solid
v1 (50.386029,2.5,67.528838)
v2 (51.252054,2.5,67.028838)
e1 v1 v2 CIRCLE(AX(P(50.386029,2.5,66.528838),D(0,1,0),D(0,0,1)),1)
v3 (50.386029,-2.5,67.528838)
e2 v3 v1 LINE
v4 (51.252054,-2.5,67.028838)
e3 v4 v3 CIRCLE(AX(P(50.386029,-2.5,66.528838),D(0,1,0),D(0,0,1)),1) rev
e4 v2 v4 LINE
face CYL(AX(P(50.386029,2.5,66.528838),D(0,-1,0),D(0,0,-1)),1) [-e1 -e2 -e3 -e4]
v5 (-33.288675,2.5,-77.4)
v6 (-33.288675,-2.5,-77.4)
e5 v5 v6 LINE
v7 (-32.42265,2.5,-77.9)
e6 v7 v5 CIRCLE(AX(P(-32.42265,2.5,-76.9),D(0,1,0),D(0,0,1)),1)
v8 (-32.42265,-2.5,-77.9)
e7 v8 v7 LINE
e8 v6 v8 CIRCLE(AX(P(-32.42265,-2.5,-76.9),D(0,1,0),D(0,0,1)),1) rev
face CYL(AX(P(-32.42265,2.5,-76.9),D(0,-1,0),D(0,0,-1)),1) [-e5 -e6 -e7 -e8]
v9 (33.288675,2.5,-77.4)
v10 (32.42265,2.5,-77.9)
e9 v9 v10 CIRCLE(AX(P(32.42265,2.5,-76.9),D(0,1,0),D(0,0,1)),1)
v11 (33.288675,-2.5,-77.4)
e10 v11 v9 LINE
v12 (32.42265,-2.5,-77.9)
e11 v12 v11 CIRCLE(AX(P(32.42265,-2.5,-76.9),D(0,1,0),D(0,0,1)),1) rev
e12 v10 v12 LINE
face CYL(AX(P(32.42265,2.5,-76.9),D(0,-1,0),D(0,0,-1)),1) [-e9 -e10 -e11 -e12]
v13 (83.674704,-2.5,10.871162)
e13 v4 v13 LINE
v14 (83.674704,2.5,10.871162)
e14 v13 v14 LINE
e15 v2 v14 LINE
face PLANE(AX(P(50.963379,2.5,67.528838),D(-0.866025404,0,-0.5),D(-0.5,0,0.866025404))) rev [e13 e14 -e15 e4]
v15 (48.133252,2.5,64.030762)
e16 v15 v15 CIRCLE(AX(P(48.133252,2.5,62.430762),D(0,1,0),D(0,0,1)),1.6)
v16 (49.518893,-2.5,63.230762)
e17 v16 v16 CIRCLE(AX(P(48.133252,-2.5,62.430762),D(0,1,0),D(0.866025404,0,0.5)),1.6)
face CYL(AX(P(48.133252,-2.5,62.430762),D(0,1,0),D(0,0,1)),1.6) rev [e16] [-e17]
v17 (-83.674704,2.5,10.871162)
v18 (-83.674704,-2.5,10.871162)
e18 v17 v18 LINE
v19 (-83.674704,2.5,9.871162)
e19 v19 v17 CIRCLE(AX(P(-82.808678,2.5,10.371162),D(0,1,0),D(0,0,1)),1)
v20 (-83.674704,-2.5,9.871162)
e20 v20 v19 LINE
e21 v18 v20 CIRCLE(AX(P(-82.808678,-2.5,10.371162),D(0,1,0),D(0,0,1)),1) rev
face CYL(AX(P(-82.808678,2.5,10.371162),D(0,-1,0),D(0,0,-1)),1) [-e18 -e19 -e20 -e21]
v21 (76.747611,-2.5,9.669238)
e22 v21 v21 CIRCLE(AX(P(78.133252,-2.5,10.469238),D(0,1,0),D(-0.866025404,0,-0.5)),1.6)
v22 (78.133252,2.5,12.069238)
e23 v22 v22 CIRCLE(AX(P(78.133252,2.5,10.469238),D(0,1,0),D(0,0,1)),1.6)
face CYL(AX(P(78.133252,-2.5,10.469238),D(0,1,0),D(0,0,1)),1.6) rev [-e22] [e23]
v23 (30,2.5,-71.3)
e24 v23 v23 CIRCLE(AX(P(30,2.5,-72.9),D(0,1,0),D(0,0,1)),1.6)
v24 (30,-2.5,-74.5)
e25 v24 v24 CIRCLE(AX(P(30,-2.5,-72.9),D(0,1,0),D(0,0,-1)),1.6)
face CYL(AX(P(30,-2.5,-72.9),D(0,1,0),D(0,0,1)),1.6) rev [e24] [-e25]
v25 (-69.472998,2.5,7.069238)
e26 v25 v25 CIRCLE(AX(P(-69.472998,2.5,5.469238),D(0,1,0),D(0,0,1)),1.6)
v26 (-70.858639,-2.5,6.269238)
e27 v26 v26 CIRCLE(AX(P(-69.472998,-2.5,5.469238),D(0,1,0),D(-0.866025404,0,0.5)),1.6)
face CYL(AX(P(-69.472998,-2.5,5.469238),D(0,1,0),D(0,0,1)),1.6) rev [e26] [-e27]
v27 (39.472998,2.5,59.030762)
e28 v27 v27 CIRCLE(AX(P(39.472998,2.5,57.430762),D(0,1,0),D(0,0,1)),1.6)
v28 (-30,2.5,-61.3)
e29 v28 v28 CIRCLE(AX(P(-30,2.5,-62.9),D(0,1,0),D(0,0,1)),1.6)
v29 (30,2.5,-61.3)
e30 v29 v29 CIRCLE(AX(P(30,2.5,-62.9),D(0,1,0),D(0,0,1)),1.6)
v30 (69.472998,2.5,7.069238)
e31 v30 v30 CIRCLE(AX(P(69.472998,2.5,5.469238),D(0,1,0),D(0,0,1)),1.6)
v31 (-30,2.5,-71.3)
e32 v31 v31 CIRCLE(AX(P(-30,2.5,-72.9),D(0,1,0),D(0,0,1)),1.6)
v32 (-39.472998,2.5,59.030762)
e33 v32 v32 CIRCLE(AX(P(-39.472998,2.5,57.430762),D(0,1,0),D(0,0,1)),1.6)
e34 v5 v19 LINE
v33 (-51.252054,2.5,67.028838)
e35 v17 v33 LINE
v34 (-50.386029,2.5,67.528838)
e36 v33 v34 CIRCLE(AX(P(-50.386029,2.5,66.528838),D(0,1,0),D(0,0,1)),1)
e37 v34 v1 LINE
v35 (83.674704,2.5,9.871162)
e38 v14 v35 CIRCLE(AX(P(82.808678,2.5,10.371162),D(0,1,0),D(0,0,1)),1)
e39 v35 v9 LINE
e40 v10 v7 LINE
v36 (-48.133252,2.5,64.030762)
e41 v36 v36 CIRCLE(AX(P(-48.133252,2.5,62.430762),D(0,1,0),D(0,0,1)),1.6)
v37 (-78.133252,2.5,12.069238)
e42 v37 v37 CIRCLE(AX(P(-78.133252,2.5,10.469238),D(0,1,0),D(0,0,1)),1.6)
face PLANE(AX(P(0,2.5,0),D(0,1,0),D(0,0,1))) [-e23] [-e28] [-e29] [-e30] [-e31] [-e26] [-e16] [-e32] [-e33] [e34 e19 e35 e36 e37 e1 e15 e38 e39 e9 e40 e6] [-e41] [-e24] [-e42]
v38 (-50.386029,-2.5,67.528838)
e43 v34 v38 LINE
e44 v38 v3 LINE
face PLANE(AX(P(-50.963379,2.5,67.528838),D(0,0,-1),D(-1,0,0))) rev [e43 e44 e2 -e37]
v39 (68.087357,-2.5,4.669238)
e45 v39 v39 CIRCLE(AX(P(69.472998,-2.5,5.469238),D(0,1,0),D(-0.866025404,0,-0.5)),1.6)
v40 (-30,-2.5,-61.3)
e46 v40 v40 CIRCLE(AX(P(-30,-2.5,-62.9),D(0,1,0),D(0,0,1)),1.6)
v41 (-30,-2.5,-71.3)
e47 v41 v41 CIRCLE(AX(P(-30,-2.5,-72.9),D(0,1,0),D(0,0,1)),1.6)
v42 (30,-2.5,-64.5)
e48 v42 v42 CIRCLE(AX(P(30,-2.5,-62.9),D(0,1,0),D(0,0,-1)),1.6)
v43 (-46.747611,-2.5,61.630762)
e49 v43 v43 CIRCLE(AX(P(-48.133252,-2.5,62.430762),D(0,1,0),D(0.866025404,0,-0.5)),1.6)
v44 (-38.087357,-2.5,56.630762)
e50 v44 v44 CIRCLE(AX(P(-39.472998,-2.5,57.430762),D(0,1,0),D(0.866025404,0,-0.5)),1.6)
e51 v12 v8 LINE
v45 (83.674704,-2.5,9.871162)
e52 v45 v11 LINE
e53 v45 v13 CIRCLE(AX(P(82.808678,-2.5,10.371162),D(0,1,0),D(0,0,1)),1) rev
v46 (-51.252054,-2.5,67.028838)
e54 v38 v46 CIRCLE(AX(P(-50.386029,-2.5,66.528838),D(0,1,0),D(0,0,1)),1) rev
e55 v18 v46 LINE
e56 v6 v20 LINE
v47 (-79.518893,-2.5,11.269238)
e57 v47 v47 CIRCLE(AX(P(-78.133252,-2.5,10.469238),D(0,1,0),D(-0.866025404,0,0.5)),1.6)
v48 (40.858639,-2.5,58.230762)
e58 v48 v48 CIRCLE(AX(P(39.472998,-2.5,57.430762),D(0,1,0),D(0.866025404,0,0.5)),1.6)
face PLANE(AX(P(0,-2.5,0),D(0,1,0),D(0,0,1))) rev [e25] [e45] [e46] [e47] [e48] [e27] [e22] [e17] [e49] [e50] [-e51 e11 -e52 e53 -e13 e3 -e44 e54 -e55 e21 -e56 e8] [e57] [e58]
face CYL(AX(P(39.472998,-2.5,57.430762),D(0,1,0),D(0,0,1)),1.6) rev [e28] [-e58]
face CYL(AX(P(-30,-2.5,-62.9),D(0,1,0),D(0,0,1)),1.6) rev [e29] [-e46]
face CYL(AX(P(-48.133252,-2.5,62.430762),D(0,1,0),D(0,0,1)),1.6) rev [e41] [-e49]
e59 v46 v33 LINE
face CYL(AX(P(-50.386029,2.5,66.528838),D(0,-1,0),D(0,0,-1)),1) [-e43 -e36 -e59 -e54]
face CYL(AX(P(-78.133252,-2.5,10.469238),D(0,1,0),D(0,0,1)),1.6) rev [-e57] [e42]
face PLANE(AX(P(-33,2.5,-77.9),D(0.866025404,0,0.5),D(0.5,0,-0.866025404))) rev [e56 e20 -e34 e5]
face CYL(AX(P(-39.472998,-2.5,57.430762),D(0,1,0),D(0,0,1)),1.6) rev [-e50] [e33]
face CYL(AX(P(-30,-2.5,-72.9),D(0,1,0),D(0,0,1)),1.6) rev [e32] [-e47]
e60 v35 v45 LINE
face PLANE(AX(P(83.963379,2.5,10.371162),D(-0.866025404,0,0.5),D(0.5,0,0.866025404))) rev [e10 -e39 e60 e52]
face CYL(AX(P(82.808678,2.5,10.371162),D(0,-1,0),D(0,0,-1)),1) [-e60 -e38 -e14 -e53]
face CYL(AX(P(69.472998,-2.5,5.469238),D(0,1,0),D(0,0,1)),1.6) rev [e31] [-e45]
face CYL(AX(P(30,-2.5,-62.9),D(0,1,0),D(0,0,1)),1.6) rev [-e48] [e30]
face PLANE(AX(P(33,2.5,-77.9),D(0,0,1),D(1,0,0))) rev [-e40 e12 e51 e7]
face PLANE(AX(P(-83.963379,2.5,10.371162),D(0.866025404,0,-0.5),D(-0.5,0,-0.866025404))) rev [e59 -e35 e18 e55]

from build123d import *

# Parameters (mm, degrees)
EXTRUDE_1_DEPTH          = 2.5
FILLET_1_R               = 1
SKETCH_3_R               = 1.6
CUT_EXTRUDE_1_DEPTH      = 115.530801874
PATTERN_CIRCULAR_1_COUNT = 3


with BuildPart() as part:
    # ｽｹｯﾁ2 → ﾎﾞｽ - 押し出し1 (new, symmetric)
    with BuildSketch(Plane(origin=(0, 0, 0), x_dir=(1, 0, 0), z_dir=(0, 1, 0))):
        Polygon((-83.963378955, -10.371161675), (-50.963378955, -67.528838325), (50.963378955, -67.528838325), (83.963378955, -10.371161675), (33, 77.9), (-33, 77.9), align=None)
    extrude(amount=EXTRUDE_1_DEPTH, both=True)

    # ﾌｨﾚｯﾄ1
    fillet_1_edges = [part.edges().sort_by_distance(p)[0] for p in [
        (-33, 0, -77.9),
        (33, 0, -77.9),
        (83.963378955, 0, 10.371161675),
        (50.963378955, 0, 67.528838325),
        (-83.963378955, 0, 10.371161675),
        (-50.963378955, 0, 67.528838325),
    ]]
    fillet(fillet_1_edges, radius=FILLET_1_R)

    # ｽｹｯﾁ3 → ｶｯﾄ - 押し出し1 (cut, symmetric)
    with BuildSketch(Plane(origin=(0, 2.5, 0), x_dir=(1, 0, 0), z_dir=(0, 1, 0))):
        with Locations((-30, 72.9)):
            Circle(SKETCH_3_R)
        with Locations((-30, 62.9)):
            Circle(SKETCH_3_R)
        with Locations((30, 62.9)):
            Circle(SKETCH_3_R)
        with Locations((30, 72.9)):
            Circle(SKETCH_3_R)
    cut_extrude_1 = extrude(amount=CUT_EXTRUDE_1_DEPTH, both=True, mode=Mode.SUBTRACT)

    # 円形ﾊﾟﾀｰﾝ1: ｶｯﾄ - 押し出し1 ×3 about axis
    pattern_circular_1_axis = Axis((0, 2.75, 0), (0, -1, 0))
    for i in range(1, PATTERN_CIRCULAR_1_COUNT):
        add(cut_extrude_1.rotate(pattern_circular_1_axis, i * 360 / PATTERN_CIRCULAR_1_COUNT), mode=Mode.SUBTRACT)


solid = part.part
